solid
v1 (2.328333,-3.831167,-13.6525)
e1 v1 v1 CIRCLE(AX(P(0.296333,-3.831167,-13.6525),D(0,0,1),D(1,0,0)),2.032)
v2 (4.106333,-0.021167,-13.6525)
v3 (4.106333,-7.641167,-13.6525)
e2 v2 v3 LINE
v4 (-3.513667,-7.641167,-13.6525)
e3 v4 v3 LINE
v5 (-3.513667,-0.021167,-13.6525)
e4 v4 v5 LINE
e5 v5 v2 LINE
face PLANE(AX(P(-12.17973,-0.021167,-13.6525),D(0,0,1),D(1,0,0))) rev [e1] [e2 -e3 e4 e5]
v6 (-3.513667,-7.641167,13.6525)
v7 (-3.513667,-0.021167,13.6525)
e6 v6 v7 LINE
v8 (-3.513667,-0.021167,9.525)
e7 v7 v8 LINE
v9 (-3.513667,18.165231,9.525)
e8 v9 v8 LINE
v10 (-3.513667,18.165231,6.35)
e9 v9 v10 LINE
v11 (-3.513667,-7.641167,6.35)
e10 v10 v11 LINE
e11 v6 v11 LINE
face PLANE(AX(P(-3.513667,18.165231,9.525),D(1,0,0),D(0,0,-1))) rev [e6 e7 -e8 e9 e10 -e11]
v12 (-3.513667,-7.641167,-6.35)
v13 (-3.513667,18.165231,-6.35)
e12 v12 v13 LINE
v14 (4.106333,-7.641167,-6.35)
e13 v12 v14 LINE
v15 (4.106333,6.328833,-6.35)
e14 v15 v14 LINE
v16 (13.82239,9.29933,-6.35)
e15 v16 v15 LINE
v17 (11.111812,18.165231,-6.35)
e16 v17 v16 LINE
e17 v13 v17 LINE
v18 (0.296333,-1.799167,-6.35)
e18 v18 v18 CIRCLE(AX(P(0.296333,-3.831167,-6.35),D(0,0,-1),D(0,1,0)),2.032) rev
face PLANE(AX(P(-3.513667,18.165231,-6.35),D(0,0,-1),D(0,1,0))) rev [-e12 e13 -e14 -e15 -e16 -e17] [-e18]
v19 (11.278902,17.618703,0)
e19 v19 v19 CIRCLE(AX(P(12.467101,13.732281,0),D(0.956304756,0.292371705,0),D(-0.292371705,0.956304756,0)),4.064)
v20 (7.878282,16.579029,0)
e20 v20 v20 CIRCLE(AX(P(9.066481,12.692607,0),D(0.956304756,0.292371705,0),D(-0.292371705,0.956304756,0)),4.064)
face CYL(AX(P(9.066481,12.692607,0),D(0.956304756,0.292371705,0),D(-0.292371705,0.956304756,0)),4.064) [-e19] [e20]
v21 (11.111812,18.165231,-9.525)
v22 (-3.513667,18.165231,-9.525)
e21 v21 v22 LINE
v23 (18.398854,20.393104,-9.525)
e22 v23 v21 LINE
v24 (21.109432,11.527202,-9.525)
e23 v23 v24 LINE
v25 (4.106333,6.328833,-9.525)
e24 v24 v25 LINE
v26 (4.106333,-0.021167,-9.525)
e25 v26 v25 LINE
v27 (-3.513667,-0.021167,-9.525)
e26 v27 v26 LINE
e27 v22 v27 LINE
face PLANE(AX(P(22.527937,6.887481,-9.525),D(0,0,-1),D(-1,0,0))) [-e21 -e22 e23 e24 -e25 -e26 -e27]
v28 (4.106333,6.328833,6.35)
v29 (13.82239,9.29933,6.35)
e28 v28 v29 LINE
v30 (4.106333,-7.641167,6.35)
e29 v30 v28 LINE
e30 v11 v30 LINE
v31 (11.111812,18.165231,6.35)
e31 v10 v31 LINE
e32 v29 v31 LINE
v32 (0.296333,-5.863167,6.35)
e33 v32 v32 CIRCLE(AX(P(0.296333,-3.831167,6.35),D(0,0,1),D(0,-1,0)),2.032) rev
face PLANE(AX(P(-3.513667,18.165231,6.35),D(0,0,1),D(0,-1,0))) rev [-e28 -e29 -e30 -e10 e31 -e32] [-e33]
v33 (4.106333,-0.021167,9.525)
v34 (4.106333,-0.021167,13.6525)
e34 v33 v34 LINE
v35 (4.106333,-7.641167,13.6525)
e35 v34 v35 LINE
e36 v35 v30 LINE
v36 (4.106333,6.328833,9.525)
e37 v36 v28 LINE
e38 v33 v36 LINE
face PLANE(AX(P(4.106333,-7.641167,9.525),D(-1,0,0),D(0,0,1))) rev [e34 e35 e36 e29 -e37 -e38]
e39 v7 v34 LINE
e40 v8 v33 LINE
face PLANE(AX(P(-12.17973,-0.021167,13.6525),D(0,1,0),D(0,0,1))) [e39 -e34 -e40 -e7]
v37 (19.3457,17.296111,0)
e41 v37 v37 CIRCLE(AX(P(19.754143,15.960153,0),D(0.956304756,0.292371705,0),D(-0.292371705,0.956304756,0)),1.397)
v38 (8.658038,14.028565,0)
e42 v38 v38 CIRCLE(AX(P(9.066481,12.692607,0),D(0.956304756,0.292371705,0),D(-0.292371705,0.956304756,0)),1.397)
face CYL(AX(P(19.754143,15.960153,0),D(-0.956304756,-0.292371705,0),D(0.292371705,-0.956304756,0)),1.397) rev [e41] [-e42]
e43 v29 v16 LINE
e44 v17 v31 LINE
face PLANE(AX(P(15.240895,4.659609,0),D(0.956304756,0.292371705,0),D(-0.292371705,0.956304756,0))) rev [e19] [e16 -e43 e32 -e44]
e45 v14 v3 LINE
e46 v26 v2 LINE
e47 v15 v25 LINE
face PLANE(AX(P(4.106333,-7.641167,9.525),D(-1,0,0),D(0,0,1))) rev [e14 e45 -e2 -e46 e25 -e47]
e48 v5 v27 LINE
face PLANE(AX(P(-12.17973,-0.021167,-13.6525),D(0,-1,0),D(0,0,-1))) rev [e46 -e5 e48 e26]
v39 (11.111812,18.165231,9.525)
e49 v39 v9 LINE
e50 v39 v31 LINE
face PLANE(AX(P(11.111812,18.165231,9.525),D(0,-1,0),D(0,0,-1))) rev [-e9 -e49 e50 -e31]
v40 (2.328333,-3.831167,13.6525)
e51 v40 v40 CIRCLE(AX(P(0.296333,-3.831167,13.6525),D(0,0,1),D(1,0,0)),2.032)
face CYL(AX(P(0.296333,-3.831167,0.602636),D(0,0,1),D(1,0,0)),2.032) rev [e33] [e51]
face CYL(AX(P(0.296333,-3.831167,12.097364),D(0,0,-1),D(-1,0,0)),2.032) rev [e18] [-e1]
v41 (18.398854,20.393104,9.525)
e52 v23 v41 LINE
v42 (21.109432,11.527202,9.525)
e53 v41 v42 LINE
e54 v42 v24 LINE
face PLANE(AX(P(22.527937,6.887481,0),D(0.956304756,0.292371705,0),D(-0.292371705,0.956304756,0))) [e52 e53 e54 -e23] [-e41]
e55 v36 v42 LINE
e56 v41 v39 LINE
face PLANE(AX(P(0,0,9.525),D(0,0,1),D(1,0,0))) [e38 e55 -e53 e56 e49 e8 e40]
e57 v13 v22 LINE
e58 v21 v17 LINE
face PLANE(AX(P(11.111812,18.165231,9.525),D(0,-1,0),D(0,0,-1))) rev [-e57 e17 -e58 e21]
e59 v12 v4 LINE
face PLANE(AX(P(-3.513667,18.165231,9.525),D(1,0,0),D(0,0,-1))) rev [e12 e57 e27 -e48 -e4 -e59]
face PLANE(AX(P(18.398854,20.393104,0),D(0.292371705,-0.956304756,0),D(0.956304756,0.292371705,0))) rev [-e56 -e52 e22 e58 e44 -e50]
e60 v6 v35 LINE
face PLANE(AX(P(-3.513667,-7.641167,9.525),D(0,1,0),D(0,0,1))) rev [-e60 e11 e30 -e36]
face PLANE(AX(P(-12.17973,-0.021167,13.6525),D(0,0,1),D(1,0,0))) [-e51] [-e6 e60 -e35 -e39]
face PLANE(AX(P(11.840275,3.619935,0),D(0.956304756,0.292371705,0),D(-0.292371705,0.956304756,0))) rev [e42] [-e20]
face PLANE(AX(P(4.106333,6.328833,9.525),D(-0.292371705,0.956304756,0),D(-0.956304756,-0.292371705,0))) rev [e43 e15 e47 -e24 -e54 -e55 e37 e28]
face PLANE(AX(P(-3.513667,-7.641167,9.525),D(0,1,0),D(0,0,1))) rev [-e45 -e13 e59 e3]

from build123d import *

# Parameters (mm, degrees)
BOSS_EXTRUDE1_DEPTH     = 9.525
SKETCH2_W               = 12.7
SKETCH2_H               = 25.806397913
CUT_EXTRUDE1_DEPTH      = 14.822389654
CUT_EXTRUDE1_DEPTH_BACK = 4.513666667
SKETCH3_W               = 19.05
SKETCH3_H               = 9.271
SKETCH3_R               = 1.397
BOSS_EXTRUDE2_DEPTH     = 7.62
SKETCH3_3_R             = 4.064
SKETCH3_3_R_2           = 1.397
BOSS_EXTRUDE3_DEPTH     = 3.556
SKETCH4_W               = 4.1275
SKETCH4_H               = 7.62
BOSS_EXTRUDE4_DEPTH     = 7.62
SKETCH5_R               = 2.032
CUT_EXTRUDE2_DEPTH      = 20.0025


with BuildPart() as part:
    # Sketch1 → Boss-Extrude1 (new body, symmetric)
    with BuildSketch(Plane.XY):
        Polygon((-3.513666667, -7.641166667), (4.106333333, -7.641166667), (4.106333333, 6.328833333), (13.822389654, 9.299329853), (11.111811579, 18.165231246), (-3.513666667, 18.165231246), align=None)
    extrude(amount=BOSS_EXTRUDE1_DEPTH, both=True)

    # Sketch2 → Cut-Extrude1 (cut, two sides)
    with BuildSketch(Plane(origin=(0, 0, 0), x_dir=(0, 0, -1), z_dir=(1, 0, 0))) as cut_extrude1_sk:
        with Locations((0, 5.26203229)):
            Rectangle(SKETCH2_W, SKETCH2_H)
    extrude(amount=CUT_EXTRUDE1_DEPTH, mode=Mode.SUBTRACT)
    extrude(cut_extrude1_sk.sketch, amount=-CUT_EXTRUDE1_DEPTH_BACK, mode=Mode.SUBTRACT)

    # Sketch3 → Boss-Extrude2 (add)
    with BuildSketch(Plane(origin=(15.24089464, 4.659609104, 0), x_dir=(0, 0, -1), z_dir=(0.956304756, 0.292371705, 0))):
        with Locations((0, 9.48721774)):
            Rectangle(SKETCH3_W, SKETCH3_H)
        with Locations((0, 9.48721774)):
            Circle(SKETCH3_R, mode=Mode.SUBTRACT)
    extrude(amount=BOSS_EXTRUDE2_DEPTH)

    # Sketch3<3> → Boss-Extrude3 (add)
    with BuildSketch(Plane(origin=(15.24089464, 4.659609104, 0), x_dir=(0, 0, -1), z_dir=(0.956304756, 0.292371705, 0))):
        with Locations((0, 9.48721774)):
            Circle(SKETCH3_3_R)
        with Locations((0, 9.48721774)):
            Circle(SKETCH3_3_R_2, mode=Mode.SUBTRACT)
    extrude(amount=-BOSS_EXTRUDE3_DEPTH)

    # Sketch4 → Boss-Extrude4 (add)
    with BuildSketch(Plane(origin=(4.106333333, 0, 0), x_dir=(0, 0, -1), z_dir=(1, 0, 0))):
        with Locations((-11.58875, -3.831166667)):
            Rectangle(SKETCH4_W, SKETCH4_H)
    boss_extrude4 = extrude(amount=-BOSS_EXTRUDE4_DEPTH)

    # Sketch5 → Cut-Extrude2 (cut)
    with BuildSketch(Plane.XY.offset(13.6525)):
        with Locations((0.296333333, -3.831166667)):
            Circle(SKETCH5_R)
    cut_extrude2 = extrude(amount=-CUT_EXTRUDE2_DEPTH, mode=Mode.SUBTRACT)

    # Mirror1: Boss-Extrude4, Cut-Extrude2 across plane
    add(boss_extrude4.mirror(Plane.XY))
    add(cut_extrude2.mirror(Plane.XY), mode=Mode.SUBTRACT)


solid = part.part
